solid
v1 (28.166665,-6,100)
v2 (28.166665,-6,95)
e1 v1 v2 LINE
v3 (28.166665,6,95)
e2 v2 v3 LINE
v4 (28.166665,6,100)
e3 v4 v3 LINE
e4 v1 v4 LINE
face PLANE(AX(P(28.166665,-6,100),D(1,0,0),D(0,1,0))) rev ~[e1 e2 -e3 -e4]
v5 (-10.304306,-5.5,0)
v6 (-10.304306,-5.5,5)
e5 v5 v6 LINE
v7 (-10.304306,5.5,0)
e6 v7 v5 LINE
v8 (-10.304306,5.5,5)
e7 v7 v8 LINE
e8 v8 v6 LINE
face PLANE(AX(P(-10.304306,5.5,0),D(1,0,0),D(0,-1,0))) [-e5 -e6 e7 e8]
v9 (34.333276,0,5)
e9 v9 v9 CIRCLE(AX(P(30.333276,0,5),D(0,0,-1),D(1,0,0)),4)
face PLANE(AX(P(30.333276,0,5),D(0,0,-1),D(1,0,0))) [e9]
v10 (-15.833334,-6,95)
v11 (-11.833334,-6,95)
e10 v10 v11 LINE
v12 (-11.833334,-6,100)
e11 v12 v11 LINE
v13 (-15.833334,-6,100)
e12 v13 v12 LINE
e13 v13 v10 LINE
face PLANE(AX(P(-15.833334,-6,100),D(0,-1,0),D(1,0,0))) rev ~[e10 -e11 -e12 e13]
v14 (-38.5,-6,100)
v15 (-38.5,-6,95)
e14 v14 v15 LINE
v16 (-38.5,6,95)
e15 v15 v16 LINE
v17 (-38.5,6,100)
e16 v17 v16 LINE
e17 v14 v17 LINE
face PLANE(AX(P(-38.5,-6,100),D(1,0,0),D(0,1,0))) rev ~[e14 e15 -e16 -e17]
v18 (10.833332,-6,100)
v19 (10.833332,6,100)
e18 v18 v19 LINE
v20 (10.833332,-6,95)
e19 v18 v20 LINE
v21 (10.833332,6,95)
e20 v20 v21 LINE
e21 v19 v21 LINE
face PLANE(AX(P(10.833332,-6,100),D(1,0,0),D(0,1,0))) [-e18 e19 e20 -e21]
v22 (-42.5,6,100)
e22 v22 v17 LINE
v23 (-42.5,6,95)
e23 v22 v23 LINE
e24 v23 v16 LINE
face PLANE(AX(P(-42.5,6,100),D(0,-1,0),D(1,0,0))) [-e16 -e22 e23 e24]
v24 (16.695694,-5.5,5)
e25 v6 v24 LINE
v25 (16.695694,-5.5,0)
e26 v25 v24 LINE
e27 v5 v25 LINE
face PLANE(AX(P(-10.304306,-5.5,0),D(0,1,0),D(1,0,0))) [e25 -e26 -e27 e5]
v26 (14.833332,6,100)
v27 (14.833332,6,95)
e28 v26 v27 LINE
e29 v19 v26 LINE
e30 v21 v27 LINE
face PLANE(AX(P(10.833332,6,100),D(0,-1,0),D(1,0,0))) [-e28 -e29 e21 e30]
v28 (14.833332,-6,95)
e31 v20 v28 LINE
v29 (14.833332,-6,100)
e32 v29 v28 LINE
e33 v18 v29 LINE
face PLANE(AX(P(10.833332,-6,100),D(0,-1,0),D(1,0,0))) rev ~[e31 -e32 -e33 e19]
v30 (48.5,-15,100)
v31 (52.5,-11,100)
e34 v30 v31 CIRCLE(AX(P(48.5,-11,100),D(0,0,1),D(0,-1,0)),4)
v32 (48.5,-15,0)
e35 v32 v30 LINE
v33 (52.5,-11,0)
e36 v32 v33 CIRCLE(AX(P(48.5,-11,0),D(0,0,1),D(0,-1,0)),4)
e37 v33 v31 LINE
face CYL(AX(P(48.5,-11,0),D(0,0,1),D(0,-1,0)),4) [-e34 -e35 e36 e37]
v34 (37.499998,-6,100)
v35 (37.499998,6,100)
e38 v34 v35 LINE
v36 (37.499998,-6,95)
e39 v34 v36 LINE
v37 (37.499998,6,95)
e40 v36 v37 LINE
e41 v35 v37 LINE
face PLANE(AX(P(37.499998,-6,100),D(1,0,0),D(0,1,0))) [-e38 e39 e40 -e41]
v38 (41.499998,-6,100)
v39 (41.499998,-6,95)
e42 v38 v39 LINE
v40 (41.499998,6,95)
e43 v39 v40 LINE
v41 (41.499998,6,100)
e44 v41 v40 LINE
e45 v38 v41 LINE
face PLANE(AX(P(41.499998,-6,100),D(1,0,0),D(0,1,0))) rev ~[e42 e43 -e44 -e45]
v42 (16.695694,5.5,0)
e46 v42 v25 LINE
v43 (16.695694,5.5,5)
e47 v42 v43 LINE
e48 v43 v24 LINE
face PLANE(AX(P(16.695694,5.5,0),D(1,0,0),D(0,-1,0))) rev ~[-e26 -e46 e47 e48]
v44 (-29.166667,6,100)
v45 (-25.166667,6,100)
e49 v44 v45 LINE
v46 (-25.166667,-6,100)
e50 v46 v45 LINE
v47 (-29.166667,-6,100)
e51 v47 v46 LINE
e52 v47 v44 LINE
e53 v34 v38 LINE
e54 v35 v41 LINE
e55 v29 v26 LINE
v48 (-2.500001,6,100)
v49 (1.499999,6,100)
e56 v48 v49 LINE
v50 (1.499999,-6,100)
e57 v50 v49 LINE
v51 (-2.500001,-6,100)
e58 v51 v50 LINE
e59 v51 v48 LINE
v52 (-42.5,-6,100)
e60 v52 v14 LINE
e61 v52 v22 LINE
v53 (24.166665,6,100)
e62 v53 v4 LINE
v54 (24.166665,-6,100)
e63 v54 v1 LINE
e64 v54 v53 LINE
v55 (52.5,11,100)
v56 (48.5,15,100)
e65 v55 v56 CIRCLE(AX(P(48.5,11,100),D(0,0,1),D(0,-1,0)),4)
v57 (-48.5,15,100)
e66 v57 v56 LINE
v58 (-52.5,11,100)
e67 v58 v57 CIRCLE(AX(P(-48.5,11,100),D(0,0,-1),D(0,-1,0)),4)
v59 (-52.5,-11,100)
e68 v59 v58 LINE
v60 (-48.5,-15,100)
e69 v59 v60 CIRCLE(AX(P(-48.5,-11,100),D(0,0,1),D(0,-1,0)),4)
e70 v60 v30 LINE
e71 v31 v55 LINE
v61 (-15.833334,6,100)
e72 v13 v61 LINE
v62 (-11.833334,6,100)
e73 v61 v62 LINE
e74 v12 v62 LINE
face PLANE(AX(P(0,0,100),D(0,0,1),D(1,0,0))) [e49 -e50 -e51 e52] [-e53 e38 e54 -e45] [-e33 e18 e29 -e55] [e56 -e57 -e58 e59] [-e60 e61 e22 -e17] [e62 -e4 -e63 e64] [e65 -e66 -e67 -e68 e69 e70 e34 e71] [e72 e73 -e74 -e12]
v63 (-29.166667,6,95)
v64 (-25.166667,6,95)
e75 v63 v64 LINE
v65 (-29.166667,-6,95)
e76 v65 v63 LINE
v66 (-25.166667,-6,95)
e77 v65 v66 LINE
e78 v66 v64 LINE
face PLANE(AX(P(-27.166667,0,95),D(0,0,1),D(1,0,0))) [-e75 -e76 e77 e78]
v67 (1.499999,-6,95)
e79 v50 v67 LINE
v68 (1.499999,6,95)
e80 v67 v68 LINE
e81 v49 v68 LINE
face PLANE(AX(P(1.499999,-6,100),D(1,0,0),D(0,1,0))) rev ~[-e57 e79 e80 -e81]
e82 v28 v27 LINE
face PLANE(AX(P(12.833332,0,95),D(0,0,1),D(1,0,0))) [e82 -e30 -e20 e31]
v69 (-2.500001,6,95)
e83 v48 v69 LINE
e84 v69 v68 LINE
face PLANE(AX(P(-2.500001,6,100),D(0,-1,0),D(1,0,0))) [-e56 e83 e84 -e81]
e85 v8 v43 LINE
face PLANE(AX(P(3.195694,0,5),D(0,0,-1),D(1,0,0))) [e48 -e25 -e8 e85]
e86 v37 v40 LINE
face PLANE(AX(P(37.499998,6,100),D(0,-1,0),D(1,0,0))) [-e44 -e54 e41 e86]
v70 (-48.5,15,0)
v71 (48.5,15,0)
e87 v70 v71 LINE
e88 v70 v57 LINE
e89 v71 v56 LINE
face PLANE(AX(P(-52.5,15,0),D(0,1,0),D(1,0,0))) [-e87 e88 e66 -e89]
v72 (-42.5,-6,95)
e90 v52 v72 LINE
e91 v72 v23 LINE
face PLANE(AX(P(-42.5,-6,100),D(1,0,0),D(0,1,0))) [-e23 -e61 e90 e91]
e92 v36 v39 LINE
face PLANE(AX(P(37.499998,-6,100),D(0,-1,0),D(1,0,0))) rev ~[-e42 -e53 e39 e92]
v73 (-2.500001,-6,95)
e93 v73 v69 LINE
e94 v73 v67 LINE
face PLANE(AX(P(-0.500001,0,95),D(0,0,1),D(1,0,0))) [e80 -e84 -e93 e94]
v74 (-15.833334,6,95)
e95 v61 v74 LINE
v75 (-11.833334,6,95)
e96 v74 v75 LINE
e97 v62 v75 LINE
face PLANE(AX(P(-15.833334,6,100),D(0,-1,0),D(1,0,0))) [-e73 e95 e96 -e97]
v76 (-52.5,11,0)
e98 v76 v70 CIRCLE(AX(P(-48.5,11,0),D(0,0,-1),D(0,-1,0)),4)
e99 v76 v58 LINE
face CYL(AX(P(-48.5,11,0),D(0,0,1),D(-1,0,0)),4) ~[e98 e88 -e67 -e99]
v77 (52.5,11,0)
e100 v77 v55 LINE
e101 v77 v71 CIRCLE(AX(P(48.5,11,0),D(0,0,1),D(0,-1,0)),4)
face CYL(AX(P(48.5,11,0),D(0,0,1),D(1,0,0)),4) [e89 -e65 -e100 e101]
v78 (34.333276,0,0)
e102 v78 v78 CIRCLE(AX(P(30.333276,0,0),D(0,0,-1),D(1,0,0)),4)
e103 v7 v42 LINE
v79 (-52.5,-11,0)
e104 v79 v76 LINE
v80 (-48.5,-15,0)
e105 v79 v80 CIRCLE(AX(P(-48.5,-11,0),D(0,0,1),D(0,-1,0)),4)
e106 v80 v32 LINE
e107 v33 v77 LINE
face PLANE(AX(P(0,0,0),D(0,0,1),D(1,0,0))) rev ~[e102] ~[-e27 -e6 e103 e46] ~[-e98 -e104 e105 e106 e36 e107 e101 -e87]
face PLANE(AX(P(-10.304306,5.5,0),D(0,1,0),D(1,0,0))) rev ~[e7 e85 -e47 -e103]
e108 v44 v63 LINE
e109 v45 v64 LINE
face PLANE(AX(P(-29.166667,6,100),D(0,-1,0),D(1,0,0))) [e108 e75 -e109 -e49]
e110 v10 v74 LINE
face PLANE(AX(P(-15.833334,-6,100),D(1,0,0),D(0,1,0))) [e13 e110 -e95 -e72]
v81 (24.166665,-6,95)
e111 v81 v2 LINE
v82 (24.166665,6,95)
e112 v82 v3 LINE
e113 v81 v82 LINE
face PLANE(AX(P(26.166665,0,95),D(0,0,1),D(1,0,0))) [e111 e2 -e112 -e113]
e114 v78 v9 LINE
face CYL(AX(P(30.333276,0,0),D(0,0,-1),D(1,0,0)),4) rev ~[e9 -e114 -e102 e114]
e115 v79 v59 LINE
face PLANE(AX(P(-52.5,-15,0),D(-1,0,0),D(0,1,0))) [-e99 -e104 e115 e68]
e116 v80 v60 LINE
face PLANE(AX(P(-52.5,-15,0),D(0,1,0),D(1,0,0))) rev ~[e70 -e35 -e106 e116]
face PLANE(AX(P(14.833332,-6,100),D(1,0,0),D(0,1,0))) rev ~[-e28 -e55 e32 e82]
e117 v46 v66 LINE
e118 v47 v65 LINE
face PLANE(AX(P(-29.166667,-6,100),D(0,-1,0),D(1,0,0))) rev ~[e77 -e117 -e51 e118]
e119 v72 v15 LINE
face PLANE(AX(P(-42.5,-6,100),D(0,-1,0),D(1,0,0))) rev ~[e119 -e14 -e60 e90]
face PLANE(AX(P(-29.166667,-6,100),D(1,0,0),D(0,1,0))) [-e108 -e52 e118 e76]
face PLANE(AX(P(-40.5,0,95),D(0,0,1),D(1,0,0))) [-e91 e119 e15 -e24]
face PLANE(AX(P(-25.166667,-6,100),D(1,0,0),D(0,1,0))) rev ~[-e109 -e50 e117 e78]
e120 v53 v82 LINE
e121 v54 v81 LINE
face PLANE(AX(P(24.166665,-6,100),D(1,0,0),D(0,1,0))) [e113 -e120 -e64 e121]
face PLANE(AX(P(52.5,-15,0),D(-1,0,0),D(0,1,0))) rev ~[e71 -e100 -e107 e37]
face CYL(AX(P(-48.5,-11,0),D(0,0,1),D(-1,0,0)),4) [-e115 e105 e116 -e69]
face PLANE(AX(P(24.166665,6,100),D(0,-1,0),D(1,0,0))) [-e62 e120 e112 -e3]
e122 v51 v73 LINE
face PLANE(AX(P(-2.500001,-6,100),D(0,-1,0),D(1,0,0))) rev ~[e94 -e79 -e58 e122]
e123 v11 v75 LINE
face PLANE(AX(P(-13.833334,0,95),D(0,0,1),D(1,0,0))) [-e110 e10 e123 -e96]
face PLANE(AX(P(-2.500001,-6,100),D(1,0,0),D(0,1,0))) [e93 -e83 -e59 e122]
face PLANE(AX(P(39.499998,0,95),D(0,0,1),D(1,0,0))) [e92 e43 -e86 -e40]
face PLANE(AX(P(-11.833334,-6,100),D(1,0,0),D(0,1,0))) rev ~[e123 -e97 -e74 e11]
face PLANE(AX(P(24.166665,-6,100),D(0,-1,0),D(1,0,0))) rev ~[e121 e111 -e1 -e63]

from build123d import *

# Parameters (mm, degrees)
SKETCH_W            = 105
SKETCH_H            = 30
PAD_DEPTH           = 100
FILLET_R            = 4
SKETCH001_W         = 4
SKETCH001_H         = 12
POCKET_DEPTH        = 5
LINEARPATTERN_COUNT = 7
LINEARPATTERN_PITCH = 13.333333
SKETCH002_R         = 4
SKETCH002_W         = 27
SKETCH002_H         = 11
POCKET001_DEPTH     = 5


with BuildPart() as part:
    # Sketch → Pad (new body)
    with BuildSketch(Plane.XY):
        Rectangle(SKETCH_W, SKETCH_H)
    extrude(amount=PAD_DEPTH)

    # Fillet
    fillet_edges = [part.edges().sort_by_distance(p)[0] for p in [
        (52.5, 15, 50),
        (52.5, -15, 50),
        (-52.5, 15, 50),
        (-52.5, -15, 50),
    ]]
    fillet(fillet_edges, radius=FILLET_R)

    # Sketch001 (on Face5 of Fillet) → Pocket (cut)
    with BuildSketch(Plane.XY.offset(100)):
        with Locations((-40.5, 0)):
            Rectangle(SKETCH001_W, SKETCH001_H)
    pocket = extrude(amount=-POCKET_DEPTH, mode=Mode.SUBTRACT)

    # LinearPattern: Pocket ×7
    with Locations(*[(i * LINEARPATTERN_PITCH, 0, 0) for i in range(1, LINEARPATTERN_COUNT)]):
        add(pocket, mode=Mode.SUBTRACT)

    # Sketch002 (on Face2 of LinearPattern) → Pocket001 (cut)
    with BuildSketch(Plane(origin=(0, 0, 0), x_dir=(1, 0, 0), z_dir=(0, 0, -1))):
        with Locations((30.333276, 0)):
            Circle(SKETCH002_R)
        with Locations((3.195694, 0)):
            Rectangle(SKETCH002_W, SKETCH002_H)
    extrude(amount=-POCKET001_DEPTH, mode=Mode.SUBTRACT)


solid = part.part
